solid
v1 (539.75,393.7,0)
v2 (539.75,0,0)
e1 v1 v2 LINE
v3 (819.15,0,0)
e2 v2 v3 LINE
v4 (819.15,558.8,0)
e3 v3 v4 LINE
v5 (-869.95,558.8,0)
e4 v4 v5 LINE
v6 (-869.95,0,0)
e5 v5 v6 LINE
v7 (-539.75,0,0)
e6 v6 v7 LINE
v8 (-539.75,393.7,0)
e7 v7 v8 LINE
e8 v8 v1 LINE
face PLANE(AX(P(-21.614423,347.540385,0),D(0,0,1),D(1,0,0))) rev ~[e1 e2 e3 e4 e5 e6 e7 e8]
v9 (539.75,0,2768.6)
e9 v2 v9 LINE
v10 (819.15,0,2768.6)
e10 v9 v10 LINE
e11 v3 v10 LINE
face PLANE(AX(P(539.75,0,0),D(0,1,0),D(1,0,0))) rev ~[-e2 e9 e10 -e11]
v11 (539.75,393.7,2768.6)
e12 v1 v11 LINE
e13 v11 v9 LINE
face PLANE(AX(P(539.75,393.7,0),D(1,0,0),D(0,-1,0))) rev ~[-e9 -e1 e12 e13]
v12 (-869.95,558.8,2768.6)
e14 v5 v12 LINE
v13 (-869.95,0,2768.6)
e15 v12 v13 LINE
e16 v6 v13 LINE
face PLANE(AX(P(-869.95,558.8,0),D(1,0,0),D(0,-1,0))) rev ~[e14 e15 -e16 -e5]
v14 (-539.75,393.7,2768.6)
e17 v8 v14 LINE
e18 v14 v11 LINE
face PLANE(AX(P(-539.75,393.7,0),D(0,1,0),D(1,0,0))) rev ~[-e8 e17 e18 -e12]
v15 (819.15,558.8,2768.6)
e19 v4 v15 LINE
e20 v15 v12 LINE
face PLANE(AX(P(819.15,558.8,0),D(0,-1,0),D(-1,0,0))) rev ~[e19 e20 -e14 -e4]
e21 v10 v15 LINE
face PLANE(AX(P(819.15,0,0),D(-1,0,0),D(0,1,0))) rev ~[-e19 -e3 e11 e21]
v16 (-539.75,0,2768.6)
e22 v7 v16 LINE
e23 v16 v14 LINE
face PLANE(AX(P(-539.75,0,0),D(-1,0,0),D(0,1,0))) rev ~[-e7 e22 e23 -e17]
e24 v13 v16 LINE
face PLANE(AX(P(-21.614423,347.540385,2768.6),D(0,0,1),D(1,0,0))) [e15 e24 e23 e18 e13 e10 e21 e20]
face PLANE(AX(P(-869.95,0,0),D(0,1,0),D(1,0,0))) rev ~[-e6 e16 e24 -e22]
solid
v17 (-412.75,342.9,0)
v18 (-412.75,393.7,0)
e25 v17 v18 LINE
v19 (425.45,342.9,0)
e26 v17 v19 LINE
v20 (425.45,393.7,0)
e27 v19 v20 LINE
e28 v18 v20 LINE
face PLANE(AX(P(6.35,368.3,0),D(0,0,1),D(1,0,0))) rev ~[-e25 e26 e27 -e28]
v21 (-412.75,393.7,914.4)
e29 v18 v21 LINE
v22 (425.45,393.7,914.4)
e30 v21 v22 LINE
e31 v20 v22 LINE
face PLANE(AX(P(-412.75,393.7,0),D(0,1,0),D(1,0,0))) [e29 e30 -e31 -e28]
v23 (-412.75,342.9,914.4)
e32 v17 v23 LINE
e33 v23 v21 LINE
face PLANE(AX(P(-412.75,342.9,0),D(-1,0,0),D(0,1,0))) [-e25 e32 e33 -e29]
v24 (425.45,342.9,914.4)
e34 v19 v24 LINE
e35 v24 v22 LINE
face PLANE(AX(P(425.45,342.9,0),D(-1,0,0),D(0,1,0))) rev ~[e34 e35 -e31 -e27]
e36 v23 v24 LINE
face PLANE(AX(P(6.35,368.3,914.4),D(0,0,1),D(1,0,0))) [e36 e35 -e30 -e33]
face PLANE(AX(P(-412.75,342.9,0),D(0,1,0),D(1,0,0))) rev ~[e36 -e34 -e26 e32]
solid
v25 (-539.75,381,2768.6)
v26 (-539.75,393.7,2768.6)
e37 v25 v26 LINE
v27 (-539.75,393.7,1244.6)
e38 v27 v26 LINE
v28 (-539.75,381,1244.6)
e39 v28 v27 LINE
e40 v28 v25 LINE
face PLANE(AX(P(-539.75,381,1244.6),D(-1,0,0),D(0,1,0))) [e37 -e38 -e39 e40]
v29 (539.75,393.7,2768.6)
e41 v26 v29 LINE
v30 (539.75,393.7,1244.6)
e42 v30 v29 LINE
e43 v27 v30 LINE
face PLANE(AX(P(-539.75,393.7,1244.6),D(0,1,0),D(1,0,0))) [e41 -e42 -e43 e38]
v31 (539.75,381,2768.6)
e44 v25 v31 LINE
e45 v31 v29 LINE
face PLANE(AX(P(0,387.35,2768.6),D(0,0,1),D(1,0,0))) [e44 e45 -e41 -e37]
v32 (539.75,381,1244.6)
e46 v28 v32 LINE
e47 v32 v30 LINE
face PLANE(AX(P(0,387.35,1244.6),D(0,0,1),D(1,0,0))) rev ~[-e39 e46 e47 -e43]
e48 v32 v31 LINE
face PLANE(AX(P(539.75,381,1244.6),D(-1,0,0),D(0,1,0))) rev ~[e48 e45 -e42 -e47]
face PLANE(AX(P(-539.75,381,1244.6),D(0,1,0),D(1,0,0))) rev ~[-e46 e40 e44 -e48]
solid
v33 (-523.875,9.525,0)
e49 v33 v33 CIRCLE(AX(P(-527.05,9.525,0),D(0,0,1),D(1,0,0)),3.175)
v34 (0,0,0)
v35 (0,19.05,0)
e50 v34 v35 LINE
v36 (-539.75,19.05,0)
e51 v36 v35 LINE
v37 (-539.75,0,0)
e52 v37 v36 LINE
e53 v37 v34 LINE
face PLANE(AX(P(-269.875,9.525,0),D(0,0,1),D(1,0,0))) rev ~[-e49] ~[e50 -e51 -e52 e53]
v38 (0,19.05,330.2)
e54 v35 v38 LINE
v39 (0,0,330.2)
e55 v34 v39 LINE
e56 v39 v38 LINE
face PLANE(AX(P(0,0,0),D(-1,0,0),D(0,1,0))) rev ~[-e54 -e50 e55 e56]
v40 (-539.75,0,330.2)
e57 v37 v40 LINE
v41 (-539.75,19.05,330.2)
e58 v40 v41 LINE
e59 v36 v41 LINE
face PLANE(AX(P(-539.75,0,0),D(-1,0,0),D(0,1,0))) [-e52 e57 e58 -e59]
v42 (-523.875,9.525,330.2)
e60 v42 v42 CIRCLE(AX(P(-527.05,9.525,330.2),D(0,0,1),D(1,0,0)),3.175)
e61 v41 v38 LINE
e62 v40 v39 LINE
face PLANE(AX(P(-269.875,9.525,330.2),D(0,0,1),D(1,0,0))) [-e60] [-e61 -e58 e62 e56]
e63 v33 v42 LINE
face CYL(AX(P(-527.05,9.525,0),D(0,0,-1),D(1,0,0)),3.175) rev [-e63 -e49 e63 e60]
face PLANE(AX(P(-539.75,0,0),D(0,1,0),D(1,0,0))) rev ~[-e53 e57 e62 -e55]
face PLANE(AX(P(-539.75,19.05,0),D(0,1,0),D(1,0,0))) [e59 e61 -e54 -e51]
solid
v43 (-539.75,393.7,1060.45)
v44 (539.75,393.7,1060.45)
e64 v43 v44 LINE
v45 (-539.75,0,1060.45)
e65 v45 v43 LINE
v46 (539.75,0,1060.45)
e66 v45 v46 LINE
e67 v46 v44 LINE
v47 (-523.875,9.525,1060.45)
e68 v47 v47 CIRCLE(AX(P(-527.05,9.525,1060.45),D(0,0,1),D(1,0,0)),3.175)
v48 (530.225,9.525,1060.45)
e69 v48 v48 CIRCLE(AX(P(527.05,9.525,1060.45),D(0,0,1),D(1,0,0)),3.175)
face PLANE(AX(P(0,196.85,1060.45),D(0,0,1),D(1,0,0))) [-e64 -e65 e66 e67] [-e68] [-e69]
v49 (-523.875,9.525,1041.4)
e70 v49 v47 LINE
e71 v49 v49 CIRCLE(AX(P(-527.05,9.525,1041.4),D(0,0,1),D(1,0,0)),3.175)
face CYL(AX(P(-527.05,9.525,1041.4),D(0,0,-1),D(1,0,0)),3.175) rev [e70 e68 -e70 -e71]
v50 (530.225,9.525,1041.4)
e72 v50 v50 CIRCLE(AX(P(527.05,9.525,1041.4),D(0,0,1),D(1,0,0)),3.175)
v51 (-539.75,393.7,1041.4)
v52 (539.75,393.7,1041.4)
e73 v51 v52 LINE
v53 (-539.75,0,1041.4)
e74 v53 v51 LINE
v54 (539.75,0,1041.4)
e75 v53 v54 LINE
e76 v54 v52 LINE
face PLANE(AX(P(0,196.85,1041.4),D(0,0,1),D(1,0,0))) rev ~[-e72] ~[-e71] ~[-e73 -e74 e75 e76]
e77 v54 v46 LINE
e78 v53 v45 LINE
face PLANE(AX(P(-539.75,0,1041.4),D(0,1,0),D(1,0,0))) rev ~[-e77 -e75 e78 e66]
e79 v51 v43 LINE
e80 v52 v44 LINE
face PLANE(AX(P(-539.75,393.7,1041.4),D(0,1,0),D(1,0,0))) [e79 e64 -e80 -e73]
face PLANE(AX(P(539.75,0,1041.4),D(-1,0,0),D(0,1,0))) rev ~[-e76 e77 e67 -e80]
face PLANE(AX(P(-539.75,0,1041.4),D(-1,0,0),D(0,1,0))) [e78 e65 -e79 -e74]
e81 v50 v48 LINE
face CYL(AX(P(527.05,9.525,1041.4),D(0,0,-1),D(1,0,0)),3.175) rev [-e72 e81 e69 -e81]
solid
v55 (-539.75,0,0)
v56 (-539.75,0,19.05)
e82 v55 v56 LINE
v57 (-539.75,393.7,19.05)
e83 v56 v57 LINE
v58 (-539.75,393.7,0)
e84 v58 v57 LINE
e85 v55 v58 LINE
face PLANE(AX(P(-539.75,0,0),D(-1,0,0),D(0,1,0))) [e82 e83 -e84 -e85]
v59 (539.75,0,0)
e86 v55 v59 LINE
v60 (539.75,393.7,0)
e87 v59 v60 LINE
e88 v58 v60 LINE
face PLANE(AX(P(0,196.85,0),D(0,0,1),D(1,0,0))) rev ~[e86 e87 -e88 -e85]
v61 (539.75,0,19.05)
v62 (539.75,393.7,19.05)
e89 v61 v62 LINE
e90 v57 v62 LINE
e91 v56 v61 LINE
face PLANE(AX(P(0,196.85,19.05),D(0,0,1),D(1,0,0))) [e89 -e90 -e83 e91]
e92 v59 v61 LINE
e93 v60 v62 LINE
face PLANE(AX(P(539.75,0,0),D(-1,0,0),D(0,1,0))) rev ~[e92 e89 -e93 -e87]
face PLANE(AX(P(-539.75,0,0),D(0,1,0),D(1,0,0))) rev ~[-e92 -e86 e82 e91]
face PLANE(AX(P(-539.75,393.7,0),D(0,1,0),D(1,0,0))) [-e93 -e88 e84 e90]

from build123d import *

# Parameters (mm, degrees)
F1_DEPTH  = 2768.6
F3_START  = 1244.6
F2_W      = 1079.5
F2_H      = 12.7
F3_DEPTH  = 1524
F4_W      = 1079.5
F4_H      = 393.7
F5_DEPTH  = 19.05
F6_W      = 838.2
F6_H      = 50.8
F7_DEPTH  = 914.4
F9_START  = 1041.4
F8_W      = 1079.5
F8_H      = 393.7
F8_R      = 3.175
F9_DEPTH  = 19.05
F10_W     = 539.75
F10_H     = 19.05
F10_R     = 3.175
F11_DEPTH = 330.2


with BuildPart() as f1:
    # F0 (on Top) → F1 (new body)
    with BuildSketch(Plane.XY):
        Polygon((-539.75, 0), (-539.75, 393.7), (539.75, 393.7), (539.75, 0), (819.15, 0), (819.15, 558.8), (-869.95, 558.8), (-869.95, 0), align=None)
    extrude(amount=F1_DEPTH)


with BuildPart() as f3:
    # F2 (on face) → F3 (new body)
    with BuildSketch(Plane.XY.offset(F3_START)):
        with Locations((0, 387.35)):
            Rectangle(F2_W, F2_H)
    extrude(amount=F3_DEPTH)


with BuildPart() as f5:
    # F4 (on face) → F5 (new body)
    with BuildSketch(Plane.XY):
        with Locations((0, 196.85)):
            Rectangle(F4_W, F4_H)
    extrude(amount=F5_DEPTH)


with BuildPart() as f7:
    # F6 (on face) → F7 (new body)
    with BuildSketch(Plane.XY):
        with Locations((6.35, 368.3)):
            Rectangle(F6_W, F6_H)
    extrude(amount=F7_DEPTH)


with BuildPart() as f9:
    # F8 (on face) → F9 (new body)
    with BuildSketch(Plane.XY.offset(F9_START)):
        with Locations((0, 196.85)):
            Rectangle(F8_W, F8_H)
        with Locations((-527.05, 9.525)):
            Circle(F8_R, mode=Mode.SUBTRACT)
        with Locations((527.05, 9.525)):
            Circle(F8_R, mode=Mode.SUBTRACT)
    extrude(amount=F9_DEPTH)


with BuildPart() as f11:
    # F10 (on face) → F11 (new body)
    with BuildSketch(Plane.XY):
        with Locations((-269.875, 9.525)):
            Rectangle(F10_W, F10_H)
        with Locations((-527.05, 9.525)):
            Circle(F10_R, mode=Mode.SUBTRACT)
    extrude(amount=F11_DEPTH)


solid = Compound([f1.part, f3.part, f5.part, f7.part, f9.part, f11.part])
